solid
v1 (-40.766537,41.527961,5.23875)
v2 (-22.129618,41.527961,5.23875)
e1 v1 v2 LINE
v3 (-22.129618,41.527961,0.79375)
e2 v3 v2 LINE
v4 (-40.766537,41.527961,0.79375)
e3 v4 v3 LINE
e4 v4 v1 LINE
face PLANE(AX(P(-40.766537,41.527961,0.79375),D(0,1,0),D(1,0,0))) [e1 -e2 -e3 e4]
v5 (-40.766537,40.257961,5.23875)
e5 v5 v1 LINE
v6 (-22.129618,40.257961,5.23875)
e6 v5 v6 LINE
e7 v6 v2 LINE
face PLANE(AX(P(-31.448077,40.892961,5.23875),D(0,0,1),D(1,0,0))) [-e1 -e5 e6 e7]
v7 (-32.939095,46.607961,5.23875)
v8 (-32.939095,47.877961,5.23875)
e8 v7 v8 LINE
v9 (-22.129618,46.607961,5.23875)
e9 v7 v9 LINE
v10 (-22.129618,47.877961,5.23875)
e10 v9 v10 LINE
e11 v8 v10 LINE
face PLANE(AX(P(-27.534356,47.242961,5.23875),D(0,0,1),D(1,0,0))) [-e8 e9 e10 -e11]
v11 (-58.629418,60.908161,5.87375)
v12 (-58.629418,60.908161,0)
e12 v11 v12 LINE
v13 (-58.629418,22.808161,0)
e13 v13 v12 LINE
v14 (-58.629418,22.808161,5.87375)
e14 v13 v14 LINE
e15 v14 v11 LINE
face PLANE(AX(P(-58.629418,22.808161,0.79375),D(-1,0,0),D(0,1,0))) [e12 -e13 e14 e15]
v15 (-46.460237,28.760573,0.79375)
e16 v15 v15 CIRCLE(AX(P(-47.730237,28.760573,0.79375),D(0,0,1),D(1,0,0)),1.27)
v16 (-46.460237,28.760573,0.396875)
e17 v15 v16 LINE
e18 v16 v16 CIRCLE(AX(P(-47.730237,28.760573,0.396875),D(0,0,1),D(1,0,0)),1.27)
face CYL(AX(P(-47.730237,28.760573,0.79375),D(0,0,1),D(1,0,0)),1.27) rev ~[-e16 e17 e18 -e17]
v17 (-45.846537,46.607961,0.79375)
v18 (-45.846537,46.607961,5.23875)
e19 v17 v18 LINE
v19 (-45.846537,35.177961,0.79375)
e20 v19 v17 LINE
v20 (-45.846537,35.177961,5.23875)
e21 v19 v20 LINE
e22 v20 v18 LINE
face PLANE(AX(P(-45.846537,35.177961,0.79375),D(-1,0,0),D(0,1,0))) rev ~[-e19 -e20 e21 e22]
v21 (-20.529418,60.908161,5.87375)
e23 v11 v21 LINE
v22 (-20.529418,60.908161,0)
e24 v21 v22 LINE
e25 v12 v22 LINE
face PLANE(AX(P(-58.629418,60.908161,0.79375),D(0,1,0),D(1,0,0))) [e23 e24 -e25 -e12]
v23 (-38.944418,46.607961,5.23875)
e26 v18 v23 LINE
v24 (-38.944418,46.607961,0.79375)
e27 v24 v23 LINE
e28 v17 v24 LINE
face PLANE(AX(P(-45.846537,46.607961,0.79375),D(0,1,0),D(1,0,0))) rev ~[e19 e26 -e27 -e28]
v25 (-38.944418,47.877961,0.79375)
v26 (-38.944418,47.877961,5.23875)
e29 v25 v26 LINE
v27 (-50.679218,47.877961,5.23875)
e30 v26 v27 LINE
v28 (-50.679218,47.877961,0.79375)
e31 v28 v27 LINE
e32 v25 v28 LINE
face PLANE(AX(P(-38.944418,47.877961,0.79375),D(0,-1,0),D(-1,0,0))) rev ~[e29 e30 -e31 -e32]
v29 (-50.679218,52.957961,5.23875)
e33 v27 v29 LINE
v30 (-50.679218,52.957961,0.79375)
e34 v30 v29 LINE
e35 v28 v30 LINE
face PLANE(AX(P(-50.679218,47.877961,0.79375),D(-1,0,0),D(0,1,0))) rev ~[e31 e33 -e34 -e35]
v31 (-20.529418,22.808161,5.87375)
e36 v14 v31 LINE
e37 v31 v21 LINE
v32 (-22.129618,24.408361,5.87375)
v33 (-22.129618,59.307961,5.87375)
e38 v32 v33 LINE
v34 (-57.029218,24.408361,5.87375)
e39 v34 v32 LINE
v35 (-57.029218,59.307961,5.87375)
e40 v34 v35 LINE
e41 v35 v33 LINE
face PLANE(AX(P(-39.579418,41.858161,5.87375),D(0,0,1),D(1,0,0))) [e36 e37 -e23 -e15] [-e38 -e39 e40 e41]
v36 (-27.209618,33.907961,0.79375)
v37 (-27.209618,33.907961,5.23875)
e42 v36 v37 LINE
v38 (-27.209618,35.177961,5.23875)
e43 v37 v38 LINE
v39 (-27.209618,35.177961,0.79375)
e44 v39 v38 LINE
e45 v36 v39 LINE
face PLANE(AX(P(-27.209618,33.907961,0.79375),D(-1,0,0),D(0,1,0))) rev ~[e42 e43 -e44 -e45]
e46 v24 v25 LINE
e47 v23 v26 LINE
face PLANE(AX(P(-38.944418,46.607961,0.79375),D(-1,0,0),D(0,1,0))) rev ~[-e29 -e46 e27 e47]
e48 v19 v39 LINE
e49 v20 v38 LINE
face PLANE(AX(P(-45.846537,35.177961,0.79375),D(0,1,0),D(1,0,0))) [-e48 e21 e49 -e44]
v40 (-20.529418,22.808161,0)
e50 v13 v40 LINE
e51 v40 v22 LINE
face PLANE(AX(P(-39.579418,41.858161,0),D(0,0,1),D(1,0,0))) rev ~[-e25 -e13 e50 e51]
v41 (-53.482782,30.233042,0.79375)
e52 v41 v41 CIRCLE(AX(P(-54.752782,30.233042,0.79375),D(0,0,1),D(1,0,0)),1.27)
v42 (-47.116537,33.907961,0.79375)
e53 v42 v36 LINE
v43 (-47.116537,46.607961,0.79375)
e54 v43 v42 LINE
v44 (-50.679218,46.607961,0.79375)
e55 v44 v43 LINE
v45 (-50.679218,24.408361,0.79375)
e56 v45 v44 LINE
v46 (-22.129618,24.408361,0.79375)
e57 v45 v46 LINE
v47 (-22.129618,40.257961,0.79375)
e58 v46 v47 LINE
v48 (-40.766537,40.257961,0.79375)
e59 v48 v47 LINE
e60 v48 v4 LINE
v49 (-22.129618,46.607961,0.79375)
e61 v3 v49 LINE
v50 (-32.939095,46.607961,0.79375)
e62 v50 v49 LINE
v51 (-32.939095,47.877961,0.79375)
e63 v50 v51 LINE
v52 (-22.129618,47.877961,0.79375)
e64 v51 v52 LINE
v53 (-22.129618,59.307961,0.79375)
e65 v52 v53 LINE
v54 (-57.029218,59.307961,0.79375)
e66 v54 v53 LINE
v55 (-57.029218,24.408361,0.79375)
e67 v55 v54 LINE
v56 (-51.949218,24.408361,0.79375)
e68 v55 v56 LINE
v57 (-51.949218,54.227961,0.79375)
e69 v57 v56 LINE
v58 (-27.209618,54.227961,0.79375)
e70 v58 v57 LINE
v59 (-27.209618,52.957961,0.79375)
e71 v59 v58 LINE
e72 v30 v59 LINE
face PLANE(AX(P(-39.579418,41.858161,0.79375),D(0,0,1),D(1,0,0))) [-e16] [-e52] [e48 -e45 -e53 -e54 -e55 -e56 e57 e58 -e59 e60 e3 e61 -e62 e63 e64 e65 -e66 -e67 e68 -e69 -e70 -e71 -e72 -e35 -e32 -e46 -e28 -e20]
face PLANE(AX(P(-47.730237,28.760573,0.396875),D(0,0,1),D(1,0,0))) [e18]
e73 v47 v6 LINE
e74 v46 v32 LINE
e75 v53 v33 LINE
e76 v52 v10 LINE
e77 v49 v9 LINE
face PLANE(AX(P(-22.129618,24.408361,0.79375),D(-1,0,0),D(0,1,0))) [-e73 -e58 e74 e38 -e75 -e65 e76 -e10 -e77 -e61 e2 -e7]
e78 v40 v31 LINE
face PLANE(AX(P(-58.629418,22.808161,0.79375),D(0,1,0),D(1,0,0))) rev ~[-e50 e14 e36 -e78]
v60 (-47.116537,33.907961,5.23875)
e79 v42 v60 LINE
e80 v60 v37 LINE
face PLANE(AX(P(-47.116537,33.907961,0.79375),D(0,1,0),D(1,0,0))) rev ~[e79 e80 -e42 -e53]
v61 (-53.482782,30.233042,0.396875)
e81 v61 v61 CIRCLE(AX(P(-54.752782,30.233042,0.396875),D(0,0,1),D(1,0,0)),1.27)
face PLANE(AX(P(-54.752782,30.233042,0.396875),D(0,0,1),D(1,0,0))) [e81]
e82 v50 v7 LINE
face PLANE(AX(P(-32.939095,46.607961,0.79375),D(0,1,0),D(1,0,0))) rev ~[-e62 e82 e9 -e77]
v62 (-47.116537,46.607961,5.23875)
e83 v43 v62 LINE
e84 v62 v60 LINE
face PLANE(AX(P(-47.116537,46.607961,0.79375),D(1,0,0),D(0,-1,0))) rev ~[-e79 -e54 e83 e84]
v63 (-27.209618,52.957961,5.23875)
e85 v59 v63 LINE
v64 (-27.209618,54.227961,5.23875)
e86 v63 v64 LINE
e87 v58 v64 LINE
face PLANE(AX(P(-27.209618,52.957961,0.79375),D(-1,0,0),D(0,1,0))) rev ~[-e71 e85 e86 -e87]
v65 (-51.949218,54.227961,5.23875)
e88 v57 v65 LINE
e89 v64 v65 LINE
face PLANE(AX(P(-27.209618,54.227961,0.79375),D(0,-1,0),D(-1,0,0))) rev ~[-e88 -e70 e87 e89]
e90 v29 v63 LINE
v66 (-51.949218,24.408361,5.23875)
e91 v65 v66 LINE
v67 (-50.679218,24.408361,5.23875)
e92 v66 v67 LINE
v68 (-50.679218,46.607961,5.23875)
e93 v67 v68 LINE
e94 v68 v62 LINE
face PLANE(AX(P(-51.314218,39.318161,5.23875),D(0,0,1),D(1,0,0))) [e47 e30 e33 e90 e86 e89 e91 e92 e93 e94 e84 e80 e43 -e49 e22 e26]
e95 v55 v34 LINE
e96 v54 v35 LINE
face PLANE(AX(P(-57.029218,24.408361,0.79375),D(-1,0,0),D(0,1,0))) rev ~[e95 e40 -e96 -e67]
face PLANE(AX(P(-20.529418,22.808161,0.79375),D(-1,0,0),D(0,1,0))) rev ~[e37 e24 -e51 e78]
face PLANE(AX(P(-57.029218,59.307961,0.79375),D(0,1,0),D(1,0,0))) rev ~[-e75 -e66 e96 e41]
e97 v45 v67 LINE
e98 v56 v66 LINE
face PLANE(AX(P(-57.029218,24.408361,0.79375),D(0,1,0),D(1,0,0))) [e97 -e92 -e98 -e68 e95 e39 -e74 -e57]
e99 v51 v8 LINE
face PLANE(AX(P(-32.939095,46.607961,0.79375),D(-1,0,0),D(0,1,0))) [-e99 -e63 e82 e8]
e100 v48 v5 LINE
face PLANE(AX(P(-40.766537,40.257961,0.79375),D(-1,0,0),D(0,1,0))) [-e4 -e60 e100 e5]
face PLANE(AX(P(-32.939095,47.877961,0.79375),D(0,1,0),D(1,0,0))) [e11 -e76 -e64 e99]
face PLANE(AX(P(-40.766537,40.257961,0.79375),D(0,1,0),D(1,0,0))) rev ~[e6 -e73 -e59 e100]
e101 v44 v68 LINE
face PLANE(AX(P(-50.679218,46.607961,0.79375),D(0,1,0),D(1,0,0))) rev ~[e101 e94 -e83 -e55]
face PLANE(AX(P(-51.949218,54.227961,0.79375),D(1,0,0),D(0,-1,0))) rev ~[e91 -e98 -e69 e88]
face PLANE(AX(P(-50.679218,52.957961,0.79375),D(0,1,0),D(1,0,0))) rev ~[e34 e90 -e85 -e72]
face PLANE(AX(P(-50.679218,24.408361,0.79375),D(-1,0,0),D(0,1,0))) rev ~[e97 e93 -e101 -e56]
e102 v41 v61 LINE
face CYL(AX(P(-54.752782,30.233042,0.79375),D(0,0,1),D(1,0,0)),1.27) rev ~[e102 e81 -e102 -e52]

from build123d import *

# Parameters (mm, degrees)
F0_W     = 38.1
F0_H     = 38.1
F1_DEPTH = 0.79375
F2_W     = 38.1
F2_H     = 38.1
F2_W_2   = 34.8996
F2_H_2   = 34.8996
F3_DEPTH = 5.08
F4_W     = 23.4696
F4_H     = 1.27
F4_W_2   = 10.8094774936
F4_W_3   = 18.6369190906
F5_DEPTH = 4.445
F6_R     = 1.27
F7_DEPTH = 0.396875


with BuildPart() as f1:
    # F0 (on Top) → F1 (new body)
    with BuildSketch(Plane.XY):
        with Locations((-39.5794175565, 41.8581605069)):
            Rectangle(F0_W, F0_H)
    extrude(amount=F1_DEPTH)

    # F2 (on face) → F3 (join)
    with BuildSketch(Plane.XY.offset(0.79375)):
        with Locations((-39.5794175565, 41.8581605069)):
            Rectangle(F2_W, F2_H)
        with Locations((-39.5794175565, 41.8581605069)):
            Rectangle(F2_W_2, F2_H_2, mode=Mode.SUBTRACT)
    extrude(amount=F3_DEPTH)

    # F4 (on face) → F5 (join)
    with BuildSketch(Plane.XY.offset(0.79375)):
        Polygon((-51.9492175565, 54.2279605069), (-51.9492175565, 24.4083605069), (-50.6792175565, 24.4083605069), (-50.6792175565, 46.6079605069), (-50.6792175565, 47.8779605069), (-50.6792175565, 52.9579605069), (-50.6792175565, 54.2279605069), align=None)
        Polygon((-50.6792175565, 47.8779605069), (-50.6792175565, 46.6079605069), (-47.1165366471, 46.6079605069), (-45.8465366471, 46.6079605069), (-38.9444175565, 46.6079605069), (-38.9444175565, 47.8779605069), align=None)
        Polygon((-45.8465366471, 46.6079605069), (-47.1165366471, 46.6079605069), (-47.1165366471, 33.9079605069), (-45.8465366471, 33.9079605069), (-45.8465366471, 35.1779605069), align=None)
        with Locations((-38.9444175565, 53.5929605069)):
            Rectangle(F4_W, F4_H)
        with Locations((-27.5343563033, 47.2429605069)):
            Rectangle(F4_W_2, F4_H)
        with Locations((-31.4480771018, 40.8929605069)):
            Rectangle(F4_W_3, F4_H)
        with Locations((-36.5280771018, 34.5429605069)):
            Rectangle(F4_W_3, F4_H)
    extrude(amount=F5_DEPTH)

    # F6 (on face) → F7 (cut)
    with BuildSketch(Plane.XY.offset(0.79375)):
        with Locations((-54.7527819872, 30.2330423146)):
            Circle(F6_R)
        with Locations((-47.7302372456, 28.7605728954)):
            Circle(F6_R)
    extrude(amount=-F7_DEPTH, mode=Mode.SUBTRACT)


solid = f1.part
